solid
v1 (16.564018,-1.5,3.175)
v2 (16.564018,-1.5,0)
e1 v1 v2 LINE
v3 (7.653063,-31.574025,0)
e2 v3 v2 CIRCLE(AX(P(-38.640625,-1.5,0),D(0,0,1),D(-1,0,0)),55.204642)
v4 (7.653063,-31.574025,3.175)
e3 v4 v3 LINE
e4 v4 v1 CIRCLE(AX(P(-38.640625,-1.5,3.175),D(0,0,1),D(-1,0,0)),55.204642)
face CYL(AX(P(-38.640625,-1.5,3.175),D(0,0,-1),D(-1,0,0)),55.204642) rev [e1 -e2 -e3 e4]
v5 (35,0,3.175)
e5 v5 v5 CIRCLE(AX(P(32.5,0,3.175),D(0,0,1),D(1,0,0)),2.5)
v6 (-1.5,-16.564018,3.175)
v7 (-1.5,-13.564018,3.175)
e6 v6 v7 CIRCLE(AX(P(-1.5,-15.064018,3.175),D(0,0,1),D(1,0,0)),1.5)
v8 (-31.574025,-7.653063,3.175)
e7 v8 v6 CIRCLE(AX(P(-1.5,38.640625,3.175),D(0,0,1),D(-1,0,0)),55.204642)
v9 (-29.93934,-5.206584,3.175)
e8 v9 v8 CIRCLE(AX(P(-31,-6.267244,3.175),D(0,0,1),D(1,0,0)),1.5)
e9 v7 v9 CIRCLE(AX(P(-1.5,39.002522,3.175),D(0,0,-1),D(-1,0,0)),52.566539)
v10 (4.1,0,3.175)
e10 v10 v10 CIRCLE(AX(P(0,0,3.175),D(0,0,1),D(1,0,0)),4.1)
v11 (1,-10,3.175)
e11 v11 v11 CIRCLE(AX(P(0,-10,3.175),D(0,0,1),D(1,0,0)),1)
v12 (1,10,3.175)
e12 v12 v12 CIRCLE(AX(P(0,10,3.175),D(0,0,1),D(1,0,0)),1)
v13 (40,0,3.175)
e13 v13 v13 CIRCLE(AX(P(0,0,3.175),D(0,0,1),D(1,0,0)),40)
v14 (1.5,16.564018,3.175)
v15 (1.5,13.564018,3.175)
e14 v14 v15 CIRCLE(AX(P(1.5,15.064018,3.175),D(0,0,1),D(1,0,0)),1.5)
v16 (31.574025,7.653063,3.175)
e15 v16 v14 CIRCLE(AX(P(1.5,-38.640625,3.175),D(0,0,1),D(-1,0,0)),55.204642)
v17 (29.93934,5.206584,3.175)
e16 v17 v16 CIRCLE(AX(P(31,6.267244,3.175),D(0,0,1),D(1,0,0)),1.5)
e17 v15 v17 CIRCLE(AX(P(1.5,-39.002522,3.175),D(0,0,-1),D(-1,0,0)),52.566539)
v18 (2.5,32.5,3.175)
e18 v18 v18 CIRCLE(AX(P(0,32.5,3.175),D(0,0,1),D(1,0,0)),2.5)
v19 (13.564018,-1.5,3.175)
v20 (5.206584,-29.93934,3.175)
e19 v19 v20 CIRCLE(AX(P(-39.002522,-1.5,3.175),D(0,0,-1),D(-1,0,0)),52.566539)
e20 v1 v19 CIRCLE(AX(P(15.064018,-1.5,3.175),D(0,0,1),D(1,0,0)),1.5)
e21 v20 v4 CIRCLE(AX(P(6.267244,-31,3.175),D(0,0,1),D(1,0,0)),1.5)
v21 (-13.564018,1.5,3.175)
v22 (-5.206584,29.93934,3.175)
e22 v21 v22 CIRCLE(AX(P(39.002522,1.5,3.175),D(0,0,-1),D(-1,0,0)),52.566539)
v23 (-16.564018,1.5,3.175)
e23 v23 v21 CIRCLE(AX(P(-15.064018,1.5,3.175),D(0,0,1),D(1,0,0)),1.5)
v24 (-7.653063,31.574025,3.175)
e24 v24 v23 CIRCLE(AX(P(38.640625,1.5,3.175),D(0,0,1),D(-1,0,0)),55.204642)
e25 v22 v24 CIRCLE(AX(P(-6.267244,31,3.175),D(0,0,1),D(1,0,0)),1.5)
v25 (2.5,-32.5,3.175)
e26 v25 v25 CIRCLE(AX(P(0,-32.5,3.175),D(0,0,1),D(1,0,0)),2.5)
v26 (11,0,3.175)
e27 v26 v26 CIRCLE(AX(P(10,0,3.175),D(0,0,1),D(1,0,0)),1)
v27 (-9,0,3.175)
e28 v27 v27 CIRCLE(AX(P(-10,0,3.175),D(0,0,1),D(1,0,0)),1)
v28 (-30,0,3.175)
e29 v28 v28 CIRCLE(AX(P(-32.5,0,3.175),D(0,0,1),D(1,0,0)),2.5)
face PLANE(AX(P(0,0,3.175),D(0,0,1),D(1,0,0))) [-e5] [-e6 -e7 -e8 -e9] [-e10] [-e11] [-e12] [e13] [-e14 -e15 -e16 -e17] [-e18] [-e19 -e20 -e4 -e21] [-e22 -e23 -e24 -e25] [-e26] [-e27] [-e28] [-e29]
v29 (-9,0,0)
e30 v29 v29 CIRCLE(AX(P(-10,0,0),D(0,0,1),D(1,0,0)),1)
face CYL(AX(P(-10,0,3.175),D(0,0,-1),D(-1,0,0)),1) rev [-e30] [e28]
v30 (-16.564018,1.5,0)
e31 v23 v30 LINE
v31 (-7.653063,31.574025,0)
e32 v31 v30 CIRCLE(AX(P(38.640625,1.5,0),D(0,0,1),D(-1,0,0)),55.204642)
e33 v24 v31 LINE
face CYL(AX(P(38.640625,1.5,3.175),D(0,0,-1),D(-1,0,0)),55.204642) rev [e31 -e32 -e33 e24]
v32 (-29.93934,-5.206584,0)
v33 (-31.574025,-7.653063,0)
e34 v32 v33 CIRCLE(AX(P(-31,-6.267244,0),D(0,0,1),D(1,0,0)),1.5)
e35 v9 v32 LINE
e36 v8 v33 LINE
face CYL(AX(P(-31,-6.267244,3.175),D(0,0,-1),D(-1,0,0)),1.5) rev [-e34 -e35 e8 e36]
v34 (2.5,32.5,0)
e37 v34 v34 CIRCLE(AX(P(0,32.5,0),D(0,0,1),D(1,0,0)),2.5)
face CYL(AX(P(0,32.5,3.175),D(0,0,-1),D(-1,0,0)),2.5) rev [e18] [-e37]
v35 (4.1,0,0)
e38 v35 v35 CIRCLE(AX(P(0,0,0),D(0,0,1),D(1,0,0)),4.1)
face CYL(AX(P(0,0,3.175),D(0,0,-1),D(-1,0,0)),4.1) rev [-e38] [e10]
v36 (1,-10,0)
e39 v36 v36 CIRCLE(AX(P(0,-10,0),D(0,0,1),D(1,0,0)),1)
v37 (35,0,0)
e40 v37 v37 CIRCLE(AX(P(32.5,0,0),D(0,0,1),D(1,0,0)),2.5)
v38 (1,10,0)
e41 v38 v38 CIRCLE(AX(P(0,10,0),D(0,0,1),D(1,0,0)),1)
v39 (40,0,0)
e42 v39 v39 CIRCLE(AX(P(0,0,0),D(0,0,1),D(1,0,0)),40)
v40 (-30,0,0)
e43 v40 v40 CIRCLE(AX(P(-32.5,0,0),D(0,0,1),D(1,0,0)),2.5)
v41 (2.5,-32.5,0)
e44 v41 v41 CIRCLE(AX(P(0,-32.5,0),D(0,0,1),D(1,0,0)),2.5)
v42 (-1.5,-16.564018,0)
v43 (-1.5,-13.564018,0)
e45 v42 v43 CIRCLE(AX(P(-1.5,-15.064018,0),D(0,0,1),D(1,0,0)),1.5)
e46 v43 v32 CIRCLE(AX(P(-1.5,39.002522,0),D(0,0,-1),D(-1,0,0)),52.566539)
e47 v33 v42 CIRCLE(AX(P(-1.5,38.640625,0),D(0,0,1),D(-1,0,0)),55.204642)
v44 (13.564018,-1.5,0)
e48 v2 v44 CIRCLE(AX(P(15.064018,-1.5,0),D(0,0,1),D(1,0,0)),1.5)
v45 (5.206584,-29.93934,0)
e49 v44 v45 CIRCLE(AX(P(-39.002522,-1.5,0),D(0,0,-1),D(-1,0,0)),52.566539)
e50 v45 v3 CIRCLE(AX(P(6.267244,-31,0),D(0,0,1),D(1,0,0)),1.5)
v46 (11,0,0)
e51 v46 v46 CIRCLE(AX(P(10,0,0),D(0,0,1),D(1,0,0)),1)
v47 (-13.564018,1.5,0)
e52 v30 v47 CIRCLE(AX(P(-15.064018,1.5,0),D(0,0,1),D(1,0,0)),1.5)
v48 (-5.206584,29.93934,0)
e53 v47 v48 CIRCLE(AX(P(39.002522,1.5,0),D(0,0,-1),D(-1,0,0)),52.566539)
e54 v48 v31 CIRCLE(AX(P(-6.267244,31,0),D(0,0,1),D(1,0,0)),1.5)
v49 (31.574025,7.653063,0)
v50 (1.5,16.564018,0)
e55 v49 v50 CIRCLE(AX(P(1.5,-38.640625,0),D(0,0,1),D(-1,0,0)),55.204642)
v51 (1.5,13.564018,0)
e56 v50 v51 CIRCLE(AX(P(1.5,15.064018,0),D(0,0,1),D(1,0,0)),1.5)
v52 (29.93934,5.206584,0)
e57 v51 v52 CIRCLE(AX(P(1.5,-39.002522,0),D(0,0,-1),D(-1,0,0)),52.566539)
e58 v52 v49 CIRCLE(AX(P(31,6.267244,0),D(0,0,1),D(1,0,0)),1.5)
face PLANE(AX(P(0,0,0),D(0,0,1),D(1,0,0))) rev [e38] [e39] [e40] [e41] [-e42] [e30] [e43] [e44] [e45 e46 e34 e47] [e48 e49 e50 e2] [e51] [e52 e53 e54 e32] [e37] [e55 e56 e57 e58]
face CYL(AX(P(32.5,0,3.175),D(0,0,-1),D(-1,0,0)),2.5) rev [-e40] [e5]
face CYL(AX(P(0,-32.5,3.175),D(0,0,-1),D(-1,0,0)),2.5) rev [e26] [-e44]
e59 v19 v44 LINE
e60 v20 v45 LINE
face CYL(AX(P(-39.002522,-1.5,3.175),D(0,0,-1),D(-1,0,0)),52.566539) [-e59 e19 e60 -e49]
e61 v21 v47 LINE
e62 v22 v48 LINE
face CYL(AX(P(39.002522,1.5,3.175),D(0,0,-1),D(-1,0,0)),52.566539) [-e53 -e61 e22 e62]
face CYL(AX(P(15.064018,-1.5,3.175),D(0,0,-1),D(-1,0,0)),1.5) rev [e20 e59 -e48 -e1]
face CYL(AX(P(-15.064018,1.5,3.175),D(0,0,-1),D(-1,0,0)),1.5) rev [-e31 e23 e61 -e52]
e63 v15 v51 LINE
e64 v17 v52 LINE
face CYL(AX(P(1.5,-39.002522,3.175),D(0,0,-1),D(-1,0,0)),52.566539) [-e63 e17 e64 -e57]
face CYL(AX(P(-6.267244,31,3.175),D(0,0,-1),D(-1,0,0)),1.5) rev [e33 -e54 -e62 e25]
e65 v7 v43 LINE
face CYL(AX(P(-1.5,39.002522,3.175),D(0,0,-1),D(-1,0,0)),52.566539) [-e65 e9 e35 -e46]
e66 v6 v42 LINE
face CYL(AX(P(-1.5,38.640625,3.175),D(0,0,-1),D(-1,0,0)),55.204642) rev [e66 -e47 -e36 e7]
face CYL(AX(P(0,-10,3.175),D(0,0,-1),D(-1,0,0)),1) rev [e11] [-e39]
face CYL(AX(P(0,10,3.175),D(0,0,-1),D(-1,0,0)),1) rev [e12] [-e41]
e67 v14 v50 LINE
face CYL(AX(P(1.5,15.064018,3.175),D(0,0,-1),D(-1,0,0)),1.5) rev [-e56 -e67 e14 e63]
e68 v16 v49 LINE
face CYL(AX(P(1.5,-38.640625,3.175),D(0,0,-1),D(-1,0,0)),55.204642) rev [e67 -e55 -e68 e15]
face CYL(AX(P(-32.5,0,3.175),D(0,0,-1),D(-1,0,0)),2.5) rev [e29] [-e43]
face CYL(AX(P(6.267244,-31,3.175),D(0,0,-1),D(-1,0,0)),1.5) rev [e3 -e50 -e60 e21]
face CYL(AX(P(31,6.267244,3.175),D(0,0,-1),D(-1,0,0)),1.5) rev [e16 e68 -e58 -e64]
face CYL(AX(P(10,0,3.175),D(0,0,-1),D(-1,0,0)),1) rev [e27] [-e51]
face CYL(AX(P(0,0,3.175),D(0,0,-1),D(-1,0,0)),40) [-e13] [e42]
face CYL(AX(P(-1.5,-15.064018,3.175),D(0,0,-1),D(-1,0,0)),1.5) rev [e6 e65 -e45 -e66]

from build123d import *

# Parameters (mm, degrees)
SKETCH1_R           = 40
SKETCH1_R_2         = 4.1
SKETCH1_R_3         = 1
SKETCH1_R_4         = 2.5
BOSS_EXTRUDE1_DEPTH = 3.175


with BuildPart() as part:
    # Sketch1 → Boss-Extrude1 (new body)
    with BuildSketch(Plane.XY):
        Circle(SKETCH1_R)
        Circle(SKETCH1_R_2, mode=Mode.SUBTRACT)
        with Locations((10, 0)):
            Circle(SKETCH1_R_3, mode=Mode.SUBTRACT)
        with Locations((0, -10)):
            Circle(SKETCH1_R_3, mode=Mode.SUBTRACT)
        with Locations((-10, 0)):
            Circle(SKETCH1_R_3, mode=Mode.SUBTRACT)
        with Locations((0, 10)):
            Circle(SKETCH1_R_3, mode=Mode.SUBTRACT)
        with Locations((0, 32.500000024)):
            Circle(SKETCH1_R_4, mode=Mode.SUBTRACT)
        with Locations((32.500000024, 0)):
            Circle(SKETCH1_R_4, mode=Mode.SUBTRACT)
        with Locations((0, -32.500000024)):
            Circle(SKETCH1_R_4, mode=Mode.SUBTRACT)
        with Locations((-32.500000024, 0)):
            Circle(SKETCH1_R_4, mode=Mode.SUBTRACT)
        with BuildLine():
            ThreePointArc((1.5, 16.564017782), (17.18320836, 14.289419004), (31.574025173, 7.653063411))
            ThreePointArc((31.574025173, 7.653063411), (32.247204442, 5.433888763), (29.939339852, 5.206583941))
            ThreePointArc((29.939339852, 5.206583941), (16.320954352, 11.431399277), (1.5, 13.564017782))
            ThreePointArc((1.5, 13.564017782), (0, 15.064017782), (1.5, 16.564017782))
        make_face(mode=Mode.SUBTRACT)
        with BuildLine():
            ThreePointArc((16.564017782, -1.5), (14.289419004, -17.18320836), (7.653063411, -31.574025173))
            ThreePointArc((7.653063411, -31.574025173), (5.433888763, -32.247204442), (5.206583941, -29.939339852))
            ThreePointArc((5.206583941, -29.939339852), (11.431399277, -16.320954352), (13.564017782, -1.5))
            ThreePointArc((13.564017782, -1.5), (15.064017782, 0), (16.564017782, -1.5))
        make_face(mode=Mode.SUBTRACT)
        with BuildLine():
            ThreePointArc((-1.5, -16.564017782), (-17.18320836, -14.289419004), (-31.574025173, -7.653063411))
            ThreePointArc((-31.574025173, -7.653063411), (-32.247204442, -5.433888763), (-29.939339852, -5.206583941))
            ThreePointArc((-29.939339852, -5.206583941), (-16.320954352, -11.431399277), (-1.5, -13.564017782))
            ThreePointArc((-1.5, -13.564017782), (0, -15.064017782), (-1.5, -16.564017782))
        make_face(mode=Mode.SUBTRACT)
        with BuildLine():
            ThreePointArc((-16.564017782, 1.5), (-14.289419004, 17.18320836), (-7.653063411, 31.574025173))
            ThreePointArc((-7.653063411, 31.574025173), (-5.433888763, 32.247204442), (-5.206583941, 29.939339852))
            ThreePointArc((-5.206583941, 29.939339852), (-11.431399277, 16.320954352), (-13.564017782, 1.5))
            ThreePointArc((-13.564017782, 1.5), (-15.064017782, 0), (-16.564017782, 1.5))
        make_face(mode=Mode.SUBTRACT)
    extrude(amount=BOSS_EXTRUDE1_DEPTH)


solid = part.part
